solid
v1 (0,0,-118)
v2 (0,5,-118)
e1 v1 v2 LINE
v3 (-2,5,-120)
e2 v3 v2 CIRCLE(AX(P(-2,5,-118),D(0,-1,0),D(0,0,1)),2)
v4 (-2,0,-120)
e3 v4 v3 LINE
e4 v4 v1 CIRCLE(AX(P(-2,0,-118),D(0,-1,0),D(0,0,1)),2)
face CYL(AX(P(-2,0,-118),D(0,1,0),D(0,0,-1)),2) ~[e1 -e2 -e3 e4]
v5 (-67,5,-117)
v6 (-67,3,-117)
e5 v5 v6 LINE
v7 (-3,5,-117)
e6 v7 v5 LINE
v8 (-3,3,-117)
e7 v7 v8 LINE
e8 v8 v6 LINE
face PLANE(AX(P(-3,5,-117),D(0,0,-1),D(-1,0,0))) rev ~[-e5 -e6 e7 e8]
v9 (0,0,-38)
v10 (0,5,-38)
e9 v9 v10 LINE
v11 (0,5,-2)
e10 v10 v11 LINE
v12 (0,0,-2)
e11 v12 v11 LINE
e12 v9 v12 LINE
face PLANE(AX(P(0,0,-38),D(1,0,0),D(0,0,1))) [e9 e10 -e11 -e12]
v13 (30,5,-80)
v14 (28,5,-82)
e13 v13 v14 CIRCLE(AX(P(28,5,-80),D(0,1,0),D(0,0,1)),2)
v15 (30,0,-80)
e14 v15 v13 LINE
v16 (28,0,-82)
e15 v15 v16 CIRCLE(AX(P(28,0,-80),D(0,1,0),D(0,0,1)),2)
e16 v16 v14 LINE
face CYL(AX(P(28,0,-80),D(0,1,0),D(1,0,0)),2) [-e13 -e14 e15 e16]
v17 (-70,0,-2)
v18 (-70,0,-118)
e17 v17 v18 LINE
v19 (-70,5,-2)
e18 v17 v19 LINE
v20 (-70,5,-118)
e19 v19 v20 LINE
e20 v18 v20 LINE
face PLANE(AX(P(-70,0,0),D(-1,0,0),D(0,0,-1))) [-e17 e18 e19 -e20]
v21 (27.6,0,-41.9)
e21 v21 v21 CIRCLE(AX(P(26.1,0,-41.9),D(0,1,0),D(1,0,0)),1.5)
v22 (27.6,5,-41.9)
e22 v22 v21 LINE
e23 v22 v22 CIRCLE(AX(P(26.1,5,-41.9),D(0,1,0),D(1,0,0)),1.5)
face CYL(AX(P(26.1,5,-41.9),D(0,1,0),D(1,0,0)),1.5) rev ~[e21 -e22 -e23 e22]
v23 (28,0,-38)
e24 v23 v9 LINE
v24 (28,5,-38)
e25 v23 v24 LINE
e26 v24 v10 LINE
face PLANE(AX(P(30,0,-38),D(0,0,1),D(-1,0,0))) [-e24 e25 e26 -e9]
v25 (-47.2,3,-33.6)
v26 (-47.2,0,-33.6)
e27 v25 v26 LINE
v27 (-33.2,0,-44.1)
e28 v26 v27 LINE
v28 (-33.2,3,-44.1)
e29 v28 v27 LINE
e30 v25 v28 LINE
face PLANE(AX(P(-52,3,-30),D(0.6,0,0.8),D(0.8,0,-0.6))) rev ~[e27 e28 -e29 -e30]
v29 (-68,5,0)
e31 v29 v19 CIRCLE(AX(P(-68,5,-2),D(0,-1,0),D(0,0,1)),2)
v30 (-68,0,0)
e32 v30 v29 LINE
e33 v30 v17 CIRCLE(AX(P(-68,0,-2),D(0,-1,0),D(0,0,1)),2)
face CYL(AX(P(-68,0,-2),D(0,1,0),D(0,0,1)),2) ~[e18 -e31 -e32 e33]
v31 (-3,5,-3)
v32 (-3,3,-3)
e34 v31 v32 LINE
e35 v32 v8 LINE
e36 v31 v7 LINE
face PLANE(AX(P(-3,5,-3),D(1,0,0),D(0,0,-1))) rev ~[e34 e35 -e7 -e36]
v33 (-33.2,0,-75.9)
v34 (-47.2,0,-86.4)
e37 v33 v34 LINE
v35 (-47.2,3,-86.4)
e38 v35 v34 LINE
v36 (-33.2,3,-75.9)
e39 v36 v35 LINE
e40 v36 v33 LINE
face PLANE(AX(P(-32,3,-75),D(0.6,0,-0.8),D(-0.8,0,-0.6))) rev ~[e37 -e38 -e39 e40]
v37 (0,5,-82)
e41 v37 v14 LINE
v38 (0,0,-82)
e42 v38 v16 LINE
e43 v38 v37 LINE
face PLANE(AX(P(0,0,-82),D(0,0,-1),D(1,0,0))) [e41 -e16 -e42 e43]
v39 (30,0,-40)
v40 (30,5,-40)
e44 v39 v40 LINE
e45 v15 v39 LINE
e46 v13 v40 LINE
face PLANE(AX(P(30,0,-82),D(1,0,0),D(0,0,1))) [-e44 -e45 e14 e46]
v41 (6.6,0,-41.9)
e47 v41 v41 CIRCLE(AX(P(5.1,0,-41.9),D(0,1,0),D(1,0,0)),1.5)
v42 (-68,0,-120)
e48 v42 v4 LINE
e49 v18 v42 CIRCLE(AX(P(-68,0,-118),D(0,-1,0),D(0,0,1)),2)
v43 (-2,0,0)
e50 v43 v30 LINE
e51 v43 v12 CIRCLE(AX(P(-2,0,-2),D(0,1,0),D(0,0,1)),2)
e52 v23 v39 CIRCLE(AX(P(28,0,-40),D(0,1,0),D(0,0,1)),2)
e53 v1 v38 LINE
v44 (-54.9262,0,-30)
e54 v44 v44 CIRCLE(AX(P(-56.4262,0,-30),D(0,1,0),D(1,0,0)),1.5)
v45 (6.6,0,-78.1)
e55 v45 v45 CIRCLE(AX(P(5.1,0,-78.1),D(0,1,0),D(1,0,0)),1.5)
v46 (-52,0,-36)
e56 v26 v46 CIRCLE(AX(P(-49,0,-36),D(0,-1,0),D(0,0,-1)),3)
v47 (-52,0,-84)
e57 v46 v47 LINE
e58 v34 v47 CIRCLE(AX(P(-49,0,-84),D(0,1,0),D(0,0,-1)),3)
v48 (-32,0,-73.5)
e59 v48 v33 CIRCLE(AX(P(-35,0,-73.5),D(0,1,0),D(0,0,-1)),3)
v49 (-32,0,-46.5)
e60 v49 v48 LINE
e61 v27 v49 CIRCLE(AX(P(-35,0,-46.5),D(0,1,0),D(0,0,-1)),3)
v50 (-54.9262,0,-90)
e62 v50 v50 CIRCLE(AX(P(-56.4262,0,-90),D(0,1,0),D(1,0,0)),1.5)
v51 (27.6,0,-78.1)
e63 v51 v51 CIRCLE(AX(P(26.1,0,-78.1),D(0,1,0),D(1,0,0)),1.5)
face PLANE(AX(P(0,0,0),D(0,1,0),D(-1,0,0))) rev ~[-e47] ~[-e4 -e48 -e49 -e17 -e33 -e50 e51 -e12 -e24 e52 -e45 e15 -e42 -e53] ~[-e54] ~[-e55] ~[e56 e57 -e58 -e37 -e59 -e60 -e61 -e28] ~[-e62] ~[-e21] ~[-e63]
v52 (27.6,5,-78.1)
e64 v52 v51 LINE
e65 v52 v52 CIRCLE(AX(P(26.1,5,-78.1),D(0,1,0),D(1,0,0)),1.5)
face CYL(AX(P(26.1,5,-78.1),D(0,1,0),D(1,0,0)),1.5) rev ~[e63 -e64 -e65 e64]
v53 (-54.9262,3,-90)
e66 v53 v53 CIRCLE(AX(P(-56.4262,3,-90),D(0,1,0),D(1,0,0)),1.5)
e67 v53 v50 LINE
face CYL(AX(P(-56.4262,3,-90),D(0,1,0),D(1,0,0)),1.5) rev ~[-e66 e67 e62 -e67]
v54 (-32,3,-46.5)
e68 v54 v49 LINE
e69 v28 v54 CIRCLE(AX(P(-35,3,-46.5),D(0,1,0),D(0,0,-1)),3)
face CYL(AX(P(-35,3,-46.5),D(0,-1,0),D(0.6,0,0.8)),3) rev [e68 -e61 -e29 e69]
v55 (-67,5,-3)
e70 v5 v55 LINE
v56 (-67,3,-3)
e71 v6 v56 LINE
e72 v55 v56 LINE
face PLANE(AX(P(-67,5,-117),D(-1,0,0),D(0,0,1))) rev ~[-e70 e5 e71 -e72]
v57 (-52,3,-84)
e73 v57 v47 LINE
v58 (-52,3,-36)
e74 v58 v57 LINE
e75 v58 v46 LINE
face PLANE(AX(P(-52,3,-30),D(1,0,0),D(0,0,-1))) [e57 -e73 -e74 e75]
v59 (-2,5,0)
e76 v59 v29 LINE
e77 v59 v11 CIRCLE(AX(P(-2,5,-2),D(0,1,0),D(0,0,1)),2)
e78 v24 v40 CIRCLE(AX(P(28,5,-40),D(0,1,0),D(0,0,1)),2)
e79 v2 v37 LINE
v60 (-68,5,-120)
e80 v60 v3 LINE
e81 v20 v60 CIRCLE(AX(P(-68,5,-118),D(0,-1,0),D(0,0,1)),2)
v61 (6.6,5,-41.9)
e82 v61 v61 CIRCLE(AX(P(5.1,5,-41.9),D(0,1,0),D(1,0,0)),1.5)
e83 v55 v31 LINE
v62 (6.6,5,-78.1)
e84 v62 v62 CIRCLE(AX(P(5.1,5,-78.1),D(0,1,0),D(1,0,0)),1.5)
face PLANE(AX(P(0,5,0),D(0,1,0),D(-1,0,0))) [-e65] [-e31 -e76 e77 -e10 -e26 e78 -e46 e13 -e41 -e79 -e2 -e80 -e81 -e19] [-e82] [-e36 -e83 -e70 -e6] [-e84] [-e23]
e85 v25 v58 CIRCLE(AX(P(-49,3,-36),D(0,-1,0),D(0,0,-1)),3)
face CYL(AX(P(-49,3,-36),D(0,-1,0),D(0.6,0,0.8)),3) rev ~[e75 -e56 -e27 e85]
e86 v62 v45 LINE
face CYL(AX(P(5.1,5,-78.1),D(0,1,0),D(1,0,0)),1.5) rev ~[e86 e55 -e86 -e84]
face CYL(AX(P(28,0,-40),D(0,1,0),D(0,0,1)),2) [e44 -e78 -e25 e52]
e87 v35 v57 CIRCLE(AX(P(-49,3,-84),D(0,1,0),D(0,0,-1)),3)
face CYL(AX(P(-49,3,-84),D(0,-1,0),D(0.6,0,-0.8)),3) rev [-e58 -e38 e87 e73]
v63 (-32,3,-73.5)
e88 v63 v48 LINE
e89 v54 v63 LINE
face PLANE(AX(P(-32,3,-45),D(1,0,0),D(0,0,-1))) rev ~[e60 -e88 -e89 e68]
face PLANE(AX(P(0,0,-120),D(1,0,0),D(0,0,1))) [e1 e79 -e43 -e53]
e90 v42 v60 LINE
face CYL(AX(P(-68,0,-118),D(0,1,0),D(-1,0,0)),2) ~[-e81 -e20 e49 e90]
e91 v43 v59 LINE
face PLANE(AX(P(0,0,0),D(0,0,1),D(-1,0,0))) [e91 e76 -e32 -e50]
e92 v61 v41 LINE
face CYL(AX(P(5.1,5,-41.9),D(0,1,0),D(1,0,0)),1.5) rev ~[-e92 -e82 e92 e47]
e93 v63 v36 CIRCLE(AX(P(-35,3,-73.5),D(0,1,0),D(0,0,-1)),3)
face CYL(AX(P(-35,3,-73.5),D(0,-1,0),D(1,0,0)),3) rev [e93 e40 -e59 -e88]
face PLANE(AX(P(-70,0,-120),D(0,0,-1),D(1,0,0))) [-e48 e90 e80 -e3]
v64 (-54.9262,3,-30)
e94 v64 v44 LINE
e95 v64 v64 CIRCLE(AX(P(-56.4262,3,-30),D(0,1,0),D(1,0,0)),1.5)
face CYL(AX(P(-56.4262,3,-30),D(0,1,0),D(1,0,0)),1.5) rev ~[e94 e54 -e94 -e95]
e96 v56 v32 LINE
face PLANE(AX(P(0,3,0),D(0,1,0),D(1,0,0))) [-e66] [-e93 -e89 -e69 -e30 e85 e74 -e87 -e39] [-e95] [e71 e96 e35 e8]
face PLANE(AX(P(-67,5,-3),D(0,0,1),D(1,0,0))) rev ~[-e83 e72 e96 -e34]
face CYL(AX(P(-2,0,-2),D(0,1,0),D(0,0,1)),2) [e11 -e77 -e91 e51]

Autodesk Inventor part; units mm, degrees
ref_plane "YZ Plane" through (0, 0, 0) normal (1, 0, 0) x (0, 1, 0)
ref_plane "XZ Plane" through (0, 0, 0) normal (0, 1, 0) x (-1, 0, 0)
ref_plane "XY Plane" through (0, 0, 0) normal (0, 0, 1) x (1, 0, 0)
sketch "Sketch1" plane through (0, 0, 0) normal (0, 1, 0) x (-1, 0, 0)
  line L0 (0, 0) -> (70, 0)
  line L1 (70, 0) -> (70, -120)
  line L2 (70, -120) -> (0, -120)
  line L3 (0, -120) -> (0, 0)
  line L4 (0, -82) -> (-30, -82)
  line L5 (-30, -82) -> (-30, -38)
  line L6 (-30, -38) -> (0, -38)
  line L7 (0, -38) -> (0, -82)
  dimension "d0" = 70
  dimension "d1" = 120
  dimension "d2" = 44
  dimension "d3" = 30
  dimension "d4" = 38
  dimension "d5" = 38
extrude "Extrusion1" add sketch "Sketch1" along normal blind 5
sketch "Sketch2" plane through (0, 5, 0) normal (0, 1, 0) x (1, 0, 0)
  line L0 (-67, 3) -> (-3, 3)
  line L1 (-3, 3) -> (-3, 117)
  line L2 (-3, 117) -> (-67, 117)
  line L3 (-67, 117) -> (-67, 3)
  line L4 (-70, 0) -> (0, 0) projected
  line L5 (-70, 120) -> (-70, 0) projected
  line L6 (0, 120) -> (-70, 120) projected
  line L7 (0, 0) -> (0, 38) projected
  dimension "d8" = 3
  dimension "d10" = 3
  dimension "d12" = 3
  dimension "d13" = 3
extrude "Extrusion2" cut sketch "Sketch2" against normal blind 2
sketch "Sketch3" plane through (0, 3, 0) normal (0, 1, 0) x (1, 0, 0)
  line L0 (-52, 30) -> (-52, 90)
  line L1 (-52, 30) -> (-32, 45)
  line L2 (-32, 45) -> (-32, 75)
  line L3 (-32, 75) -> (-52, 90)
  line L4 (-67, 3) -> (-67, 117) projected
  line L5 (-3, 3) -> (-67, 3) projected
  line L6 (-67, 117) -> (-3, 117) projected
  circle A0 centre (-56.4262, 30) radius 1.5
  circle A1 centre (-56.4262, 90) radius 1.5
  point P0 (0, 0)
  dimension "d16" = 60
  dimension "d17" = 30
  dimension "d18" = 15
  dimension "d19" = 20
  dimension "d20" = 42
  dimension "d21" = 42
  dimension "d22" = 27
  dimension "d23" = 27
  dimension "d24" = 3
  dimension "d25" = 3
  dimension "d44" = 27
  dimension "d45" = 27
extrude "Extrusion3" cut sketch "Sketch3" against normal blind 10
fillet "Fillet1" radius 3 4 edges at (-52, 1.5, -30) (-32, 1.5, -45) (-32, 1.5, -75) (-52, 1.5, -90)
fillet "Fillet2" radius 2 6 edges at (0, 2.5, 0) (0, 2.5, -120) (-70, 2.5, -120) (-70, 2.5, 0) (30, 2.5, -38) (30, 2.5, -82)
sketch "Sketch4" plane through (0, 5, 0) normal (0, 1, 0) x (1, 0, 0)
  circle A0 centre (26.1, 41.9) radius 1.5
  line L0 (30, 40) -> (30, 80) projected
  line L1 (0, 38) -> (28, 38) projected
  circle A1 centre (26.1, 78.1) radius 1.5
  line L2 (28, 82) -> (0, 82) projected
  circle A2 centre (5.1, 41.9) radius 1.5
  circle A3 centre (5.1, 78.1) radius 1.5
  point P0 (0, 0)
  dimension "d30" = 3
  dimension "d31" = 3.9
  dimension "d32" = 3.9
  dimension "d33" = 3
  dimension "d34" = 3.9
  dimension "d35" = 3.9
  dimension "d36" = 3
  dimension "d37" = 21
  dimension "d38" = 3
  dimension "d39" = 21
  dimension "d40" = 3.9
  dimension "d41" = 3.9
extrude "Extrusion4" cut sketch "Sketch4" against normal blind 10
equation "\"d4\" = d5"
equation "\"d20\" = d21"
equation "\"d22\" = d23"
equation "\"d44\" = d22"
equation "\"d45\" = d22"
properties part number "drzaksolaru"
